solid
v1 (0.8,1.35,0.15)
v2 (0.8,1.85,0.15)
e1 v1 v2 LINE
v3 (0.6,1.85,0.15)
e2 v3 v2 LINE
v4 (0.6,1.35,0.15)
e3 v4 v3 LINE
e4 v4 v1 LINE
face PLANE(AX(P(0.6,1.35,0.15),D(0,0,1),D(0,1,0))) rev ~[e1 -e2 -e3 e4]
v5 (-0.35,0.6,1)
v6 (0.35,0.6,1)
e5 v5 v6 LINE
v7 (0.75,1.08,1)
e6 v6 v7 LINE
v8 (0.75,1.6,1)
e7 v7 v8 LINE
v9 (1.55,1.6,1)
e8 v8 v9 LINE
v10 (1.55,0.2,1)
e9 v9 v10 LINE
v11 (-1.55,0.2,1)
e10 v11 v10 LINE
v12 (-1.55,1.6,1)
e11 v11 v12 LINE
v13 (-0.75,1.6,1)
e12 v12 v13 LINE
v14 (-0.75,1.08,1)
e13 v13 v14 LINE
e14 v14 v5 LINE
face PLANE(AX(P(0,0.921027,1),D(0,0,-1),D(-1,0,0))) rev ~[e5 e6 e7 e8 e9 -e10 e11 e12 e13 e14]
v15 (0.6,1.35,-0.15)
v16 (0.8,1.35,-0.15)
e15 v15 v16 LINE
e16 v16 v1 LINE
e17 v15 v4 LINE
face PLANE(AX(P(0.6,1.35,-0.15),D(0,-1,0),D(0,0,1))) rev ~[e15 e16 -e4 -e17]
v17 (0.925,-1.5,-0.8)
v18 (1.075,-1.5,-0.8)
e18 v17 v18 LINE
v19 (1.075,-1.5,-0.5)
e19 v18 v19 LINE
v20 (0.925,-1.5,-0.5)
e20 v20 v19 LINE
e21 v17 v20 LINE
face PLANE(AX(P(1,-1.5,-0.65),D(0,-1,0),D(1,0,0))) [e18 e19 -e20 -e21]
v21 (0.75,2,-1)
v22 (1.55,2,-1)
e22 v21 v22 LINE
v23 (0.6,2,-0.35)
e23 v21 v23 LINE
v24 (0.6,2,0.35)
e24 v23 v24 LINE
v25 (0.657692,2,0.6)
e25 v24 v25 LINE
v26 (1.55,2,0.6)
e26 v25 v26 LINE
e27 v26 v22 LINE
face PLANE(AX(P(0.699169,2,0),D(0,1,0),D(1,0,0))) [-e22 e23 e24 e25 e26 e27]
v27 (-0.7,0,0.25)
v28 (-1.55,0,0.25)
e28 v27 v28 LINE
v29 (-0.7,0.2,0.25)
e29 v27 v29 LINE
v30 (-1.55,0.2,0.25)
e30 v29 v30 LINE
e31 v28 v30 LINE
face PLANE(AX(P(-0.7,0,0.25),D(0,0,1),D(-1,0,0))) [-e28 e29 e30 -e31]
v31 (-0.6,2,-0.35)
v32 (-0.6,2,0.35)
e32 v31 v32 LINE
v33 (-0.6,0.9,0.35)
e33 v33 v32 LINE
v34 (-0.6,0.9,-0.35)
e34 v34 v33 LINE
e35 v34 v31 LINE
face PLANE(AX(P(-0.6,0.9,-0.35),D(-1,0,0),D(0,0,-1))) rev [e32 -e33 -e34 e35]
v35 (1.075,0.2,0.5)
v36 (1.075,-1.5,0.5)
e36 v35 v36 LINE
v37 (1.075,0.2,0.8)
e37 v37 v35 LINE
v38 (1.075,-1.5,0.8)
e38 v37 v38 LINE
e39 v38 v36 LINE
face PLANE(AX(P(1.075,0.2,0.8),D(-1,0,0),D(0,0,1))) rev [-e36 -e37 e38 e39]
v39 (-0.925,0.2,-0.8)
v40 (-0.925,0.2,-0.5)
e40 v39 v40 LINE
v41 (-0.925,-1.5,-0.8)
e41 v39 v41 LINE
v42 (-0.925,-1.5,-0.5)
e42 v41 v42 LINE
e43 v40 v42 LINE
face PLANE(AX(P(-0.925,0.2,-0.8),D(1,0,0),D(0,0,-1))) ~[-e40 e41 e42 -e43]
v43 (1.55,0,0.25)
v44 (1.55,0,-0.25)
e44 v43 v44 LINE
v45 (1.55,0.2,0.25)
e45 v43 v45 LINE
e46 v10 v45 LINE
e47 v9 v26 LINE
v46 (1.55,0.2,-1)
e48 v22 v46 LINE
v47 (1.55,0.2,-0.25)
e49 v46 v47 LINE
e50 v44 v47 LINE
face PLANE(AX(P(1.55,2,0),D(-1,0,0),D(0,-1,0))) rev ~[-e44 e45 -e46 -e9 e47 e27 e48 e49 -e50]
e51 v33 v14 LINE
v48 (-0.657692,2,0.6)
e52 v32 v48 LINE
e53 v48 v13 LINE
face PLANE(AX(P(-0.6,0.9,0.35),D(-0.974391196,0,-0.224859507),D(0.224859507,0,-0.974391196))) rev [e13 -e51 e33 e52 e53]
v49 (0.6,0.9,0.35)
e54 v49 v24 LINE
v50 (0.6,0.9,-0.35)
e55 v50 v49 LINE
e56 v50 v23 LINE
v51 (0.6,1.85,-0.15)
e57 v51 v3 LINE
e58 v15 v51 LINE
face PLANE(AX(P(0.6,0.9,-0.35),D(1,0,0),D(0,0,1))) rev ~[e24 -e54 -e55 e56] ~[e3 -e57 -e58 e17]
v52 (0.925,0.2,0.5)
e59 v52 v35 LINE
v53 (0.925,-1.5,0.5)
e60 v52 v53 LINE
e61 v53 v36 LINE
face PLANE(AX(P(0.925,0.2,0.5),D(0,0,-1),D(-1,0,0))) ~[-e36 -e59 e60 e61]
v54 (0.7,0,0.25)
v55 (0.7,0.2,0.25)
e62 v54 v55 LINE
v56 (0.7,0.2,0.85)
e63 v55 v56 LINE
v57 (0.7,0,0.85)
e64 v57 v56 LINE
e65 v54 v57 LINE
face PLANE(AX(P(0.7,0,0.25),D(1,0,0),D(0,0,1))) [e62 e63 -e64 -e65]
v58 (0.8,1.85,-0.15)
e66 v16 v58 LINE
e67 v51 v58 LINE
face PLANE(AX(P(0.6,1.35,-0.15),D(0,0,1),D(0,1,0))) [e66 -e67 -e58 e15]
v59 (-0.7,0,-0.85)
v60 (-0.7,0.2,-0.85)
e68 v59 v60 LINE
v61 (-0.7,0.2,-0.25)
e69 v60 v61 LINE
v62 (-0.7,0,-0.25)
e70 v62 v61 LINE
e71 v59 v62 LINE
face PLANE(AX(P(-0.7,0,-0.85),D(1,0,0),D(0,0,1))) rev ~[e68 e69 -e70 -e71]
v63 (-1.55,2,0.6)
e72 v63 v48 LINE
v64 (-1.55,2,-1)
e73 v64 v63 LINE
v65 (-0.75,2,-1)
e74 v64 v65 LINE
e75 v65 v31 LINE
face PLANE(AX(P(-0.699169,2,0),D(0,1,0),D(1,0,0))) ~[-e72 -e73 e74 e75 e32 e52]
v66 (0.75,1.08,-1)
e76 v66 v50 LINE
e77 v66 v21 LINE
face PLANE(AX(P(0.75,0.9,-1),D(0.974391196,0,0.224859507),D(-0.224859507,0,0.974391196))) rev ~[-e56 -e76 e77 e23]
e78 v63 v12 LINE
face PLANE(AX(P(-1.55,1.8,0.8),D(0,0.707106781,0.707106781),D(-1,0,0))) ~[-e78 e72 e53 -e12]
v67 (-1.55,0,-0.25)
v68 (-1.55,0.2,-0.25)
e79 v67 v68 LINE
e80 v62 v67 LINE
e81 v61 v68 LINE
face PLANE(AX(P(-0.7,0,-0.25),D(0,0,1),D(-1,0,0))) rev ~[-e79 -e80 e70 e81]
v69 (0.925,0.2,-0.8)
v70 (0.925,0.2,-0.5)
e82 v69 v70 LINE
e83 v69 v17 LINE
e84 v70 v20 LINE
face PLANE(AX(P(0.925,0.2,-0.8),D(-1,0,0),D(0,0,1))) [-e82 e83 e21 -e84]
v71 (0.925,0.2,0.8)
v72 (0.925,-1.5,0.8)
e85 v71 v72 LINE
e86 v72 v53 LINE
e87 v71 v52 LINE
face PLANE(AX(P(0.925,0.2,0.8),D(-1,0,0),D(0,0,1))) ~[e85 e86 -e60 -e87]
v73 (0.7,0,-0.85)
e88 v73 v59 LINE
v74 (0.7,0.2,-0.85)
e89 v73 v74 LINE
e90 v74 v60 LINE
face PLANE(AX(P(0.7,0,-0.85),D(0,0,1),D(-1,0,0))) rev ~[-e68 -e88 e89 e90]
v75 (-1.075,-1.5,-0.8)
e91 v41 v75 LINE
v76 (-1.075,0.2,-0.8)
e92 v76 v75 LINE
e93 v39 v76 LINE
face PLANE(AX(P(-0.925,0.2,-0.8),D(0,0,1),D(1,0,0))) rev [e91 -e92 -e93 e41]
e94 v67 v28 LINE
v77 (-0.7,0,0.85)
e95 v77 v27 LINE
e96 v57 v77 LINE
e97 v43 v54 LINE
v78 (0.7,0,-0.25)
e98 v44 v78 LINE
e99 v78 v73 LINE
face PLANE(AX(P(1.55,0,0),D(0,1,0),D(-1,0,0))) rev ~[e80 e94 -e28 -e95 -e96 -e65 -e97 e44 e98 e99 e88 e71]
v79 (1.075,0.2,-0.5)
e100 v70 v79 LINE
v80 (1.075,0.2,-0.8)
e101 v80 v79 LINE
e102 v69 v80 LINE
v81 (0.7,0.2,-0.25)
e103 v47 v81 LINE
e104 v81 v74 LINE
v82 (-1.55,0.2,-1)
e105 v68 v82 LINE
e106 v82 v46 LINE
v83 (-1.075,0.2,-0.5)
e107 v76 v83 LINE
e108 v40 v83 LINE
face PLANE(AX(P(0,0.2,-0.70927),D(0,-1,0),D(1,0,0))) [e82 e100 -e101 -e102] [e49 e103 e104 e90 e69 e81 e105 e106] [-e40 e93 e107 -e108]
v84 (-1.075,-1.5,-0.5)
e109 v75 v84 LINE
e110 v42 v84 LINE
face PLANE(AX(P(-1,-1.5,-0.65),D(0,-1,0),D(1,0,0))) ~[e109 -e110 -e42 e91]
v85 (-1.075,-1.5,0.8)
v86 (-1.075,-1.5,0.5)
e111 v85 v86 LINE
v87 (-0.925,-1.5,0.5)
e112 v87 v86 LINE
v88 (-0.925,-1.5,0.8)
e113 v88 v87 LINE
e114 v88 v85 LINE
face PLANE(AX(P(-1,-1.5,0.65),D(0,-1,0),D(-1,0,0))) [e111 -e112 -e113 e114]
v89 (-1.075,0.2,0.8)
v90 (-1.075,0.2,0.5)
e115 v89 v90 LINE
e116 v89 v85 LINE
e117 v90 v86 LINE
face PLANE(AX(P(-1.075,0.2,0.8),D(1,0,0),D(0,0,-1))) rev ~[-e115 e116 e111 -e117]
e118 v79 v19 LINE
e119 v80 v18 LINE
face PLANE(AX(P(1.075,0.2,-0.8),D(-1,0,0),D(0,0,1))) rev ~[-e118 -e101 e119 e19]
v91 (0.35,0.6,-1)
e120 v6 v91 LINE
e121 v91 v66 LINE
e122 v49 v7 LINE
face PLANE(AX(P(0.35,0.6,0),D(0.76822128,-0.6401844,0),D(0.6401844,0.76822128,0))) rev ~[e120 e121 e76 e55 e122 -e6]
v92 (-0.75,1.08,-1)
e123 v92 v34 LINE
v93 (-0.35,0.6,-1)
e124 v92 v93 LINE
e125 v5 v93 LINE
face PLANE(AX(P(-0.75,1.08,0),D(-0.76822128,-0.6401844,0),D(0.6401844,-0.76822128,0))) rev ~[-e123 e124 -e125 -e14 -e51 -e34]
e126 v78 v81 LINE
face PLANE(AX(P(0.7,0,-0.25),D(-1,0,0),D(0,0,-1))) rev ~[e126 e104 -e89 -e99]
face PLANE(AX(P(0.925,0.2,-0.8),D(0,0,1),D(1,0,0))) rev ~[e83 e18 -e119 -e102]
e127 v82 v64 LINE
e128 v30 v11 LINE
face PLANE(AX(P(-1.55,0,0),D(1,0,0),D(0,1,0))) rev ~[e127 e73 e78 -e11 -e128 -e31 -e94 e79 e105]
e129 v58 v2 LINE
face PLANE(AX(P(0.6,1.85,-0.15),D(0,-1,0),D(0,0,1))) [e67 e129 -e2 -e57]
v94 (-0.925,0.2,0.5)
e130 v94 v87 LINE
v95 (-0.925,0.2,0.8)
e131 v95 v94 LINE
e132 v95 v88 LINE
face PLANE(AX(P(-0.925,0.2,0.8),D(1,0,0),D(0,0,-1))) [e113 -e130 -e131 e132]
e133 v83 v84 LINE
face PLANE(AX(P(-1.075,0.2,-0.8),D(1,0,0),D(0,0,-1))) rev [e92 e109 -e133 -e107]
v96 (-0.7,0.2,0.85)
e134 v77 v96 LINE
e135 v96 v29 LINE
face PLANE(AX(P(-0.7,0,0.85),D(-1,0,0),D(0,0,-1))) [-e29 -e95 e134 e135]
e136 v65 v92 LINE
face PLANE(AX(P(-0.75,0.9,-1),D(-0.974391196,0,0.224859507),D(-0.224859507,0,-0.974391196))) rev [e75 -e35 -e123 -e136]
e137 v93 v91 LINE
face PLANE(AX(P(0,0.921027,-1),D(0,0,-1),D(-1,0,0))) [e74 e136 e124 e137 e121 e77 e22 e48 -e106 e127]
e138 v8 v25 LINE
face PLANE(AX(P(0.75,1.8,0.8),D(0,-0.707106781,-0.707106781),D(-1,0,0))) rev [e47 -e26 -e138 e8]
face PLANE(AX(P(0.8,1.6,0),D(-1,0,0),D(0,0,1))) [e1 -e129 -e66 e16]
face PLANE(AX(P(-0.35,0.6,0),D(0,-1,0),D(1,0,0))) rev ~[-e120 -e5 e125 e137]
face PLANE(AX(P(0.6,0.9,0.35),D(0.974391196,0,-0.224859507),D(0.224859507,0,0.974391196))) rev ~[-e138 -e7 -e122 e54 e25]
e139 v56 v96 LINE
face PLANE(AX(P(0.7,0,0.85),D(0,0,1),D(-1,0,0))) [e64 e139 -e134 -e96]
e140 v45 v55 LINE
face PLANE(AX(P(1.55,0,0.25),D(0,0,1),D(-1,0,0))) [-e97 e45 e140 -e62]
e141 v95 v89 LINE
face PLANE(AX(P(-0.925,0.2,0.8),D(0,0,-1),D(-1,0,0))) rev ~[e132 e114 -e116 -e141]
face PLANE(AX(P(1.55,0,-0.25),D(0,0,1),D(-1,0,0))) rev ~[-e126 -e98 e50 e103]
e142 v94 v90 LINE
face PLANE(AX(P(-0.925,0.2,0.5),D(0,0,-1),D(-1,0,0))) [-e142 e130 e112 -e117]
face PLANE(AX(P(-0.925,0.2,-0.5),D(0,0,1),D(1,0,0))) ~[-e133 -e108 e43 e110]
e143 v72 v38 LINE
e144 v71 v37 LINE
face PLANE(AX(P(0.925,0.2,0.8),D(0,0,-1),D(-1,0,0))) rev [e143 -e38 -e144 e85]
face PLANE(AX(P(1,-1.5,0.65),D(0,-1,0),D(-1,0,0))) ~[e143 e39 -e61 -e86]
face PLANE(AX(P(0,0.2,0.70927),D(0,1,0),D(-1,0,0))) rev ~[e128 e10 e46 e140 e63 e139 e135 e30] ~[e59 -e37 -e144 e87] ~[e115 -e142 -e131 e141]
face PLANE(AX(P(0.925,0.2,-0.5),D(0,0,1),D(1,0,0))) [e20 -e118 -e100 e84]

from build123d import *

# Parameters (mm, degrees)
BOSS_EXTRUDE1_DEPTH     = 1
BOSS_EXTRUDE2_START     = -1.1
BOSS_EXTRUDE2_DEPTH     = 1.1
CHAMFER1_SIZE           = 0.4
CUT_EXTRUDE1_DEPTH      = 0.2
SKETCH4_W               = 0.3
SKETCH4_H               = 0.5
CUT_EXTRUDE2_DEPTH      = 0.2
SKETCH5_W               = 0.15
SKETCH5_H               = 0.3
BOSS_EXTRUDE3_DEPTH     = 1.7
MIRROR3_COPY_1_SKETCH_W = 0.15
MIRROR3_COPY_1_SKETCH_H = 0.3
MIRROR3_COPY_1_DEPTH    = 1.7


with BuildPart() as part:
    # Sketch1 → Boss-Extrude1 (new body, symmetric)
    with BuildSketch(Plane.XY):
        Polygon((-0.75, 2), (-0.75, 1.08), (-0.35, 0.6), (0.35, 0.6), (0.75, 1.08), (0.75, 2), (1.55, 2), (1.55, 0), (-1.55, 0), (-1.55, 2), align=None)
    extrude(amount=BOSS_EXTRUDE1_DEPTH, both=True)

    # Sketch2 → Boss-Extrude2 (add)
    with BuildSketch(Plane(origin=(0, 2, 0), x_dir=(1, 0, 0), z_dir=(0, 1, 0)).offset(BOSS_EXTRUDE2_START)):
        Polygon((0.75, 1), (0.6, 0.35), (0.6, -0.35), (0.75, -1), align=None)
    boss_extrude2 = extrude(amount=BOSS_EXTRUDE2_DEPTH)

    # Mirror1: Boss-Extrude2 across plane
    add(boss_extrude2.mirror(Plane(origin=(0, 0, 0), x_dir=(0, 0, 1), z_dir=(1, 0, 0))))

    # Chamfer1
    chamfer1_edges = [part.edges().sort_by_distance(p)[0] for p in [
        (1.15, 2, 1),
        (-1.15, 2, 1),
    ]]
    chamfer(chamfer1_edges, length=CHAMFER1_SIZE)

    # Sketch3 → Cut-Extrude1 (cut)
    with BuildSketch(Plane.XZ):
        Polygon((-0.7, -0.25), (-1.55, -0.25), (-1.55, -1), (1.55, -1), (1.55, -0.25), (0.7, -0.25), (0.7, -0.85), (-0.7, -0.85), align=None)
        Polygon((-1.55, 1), (1.55, 1), (1.55, 0.25), (0.7, 0.25), (0.7, 0.85), (-0.7, 0.85), (-0.7, 0.25), (-1.55, 0.25), align=None)
    extrude(amount=-CUT_EXTRUDE1_DEPTH, mode=Mode.SUBTRACT)

    # Sketch4 → Cut-Extrude2 (cut)
    with BuildSketch(Plane.ZY.offset(-0.6)):
        with Locations((0, 1.6)):
            Rectangle(SKETCH4_W, SKETCH4_H)
    extrude(amount=-CUT_EXTRUDE2_DEPTH, mode=Mode.SUBTRACT)

    # Sketch5 → Boss-Extrude3 (add)
    with BuildSketch(Plane.XZ.offset(-0.2)):
        with Locations((1, -0.65)):
            Rectangle(SKETCH5_W, SKETCH5_H)
    boss_extrude3 = extrude(amount=BOSS_EXTRUDE3_DEPTH)

    # Mirror2: Boss-Extrude3 across plane
    add(boss_extrude3.mirror(Plane.XY))

    # Mirror3: Boss-Extrude3 across plane
    add(boss_extrude3.mirror(Plane(origin=(0, 0, 0), x_dir=(0, 0, 1), z_dir=(1, 0, 0))))

    # Mirror3 copy 1 sketch → Mirror3 copy 1 (add)
    with BuildSketch(Plane(origin=(0, 0.2, 0), x_dir=(-1, 0, 0), z_dir=(0, -1, 0))):
        with Locations((1, -0.65)):
            Rectangle(MIRROR3_COPY_1_SKETCH_W, MIRROR3_COPY_1_SKETCH_H)
    extrude(amount=MIRROR3_COPY_1_DEPTH)


solid = part.part
